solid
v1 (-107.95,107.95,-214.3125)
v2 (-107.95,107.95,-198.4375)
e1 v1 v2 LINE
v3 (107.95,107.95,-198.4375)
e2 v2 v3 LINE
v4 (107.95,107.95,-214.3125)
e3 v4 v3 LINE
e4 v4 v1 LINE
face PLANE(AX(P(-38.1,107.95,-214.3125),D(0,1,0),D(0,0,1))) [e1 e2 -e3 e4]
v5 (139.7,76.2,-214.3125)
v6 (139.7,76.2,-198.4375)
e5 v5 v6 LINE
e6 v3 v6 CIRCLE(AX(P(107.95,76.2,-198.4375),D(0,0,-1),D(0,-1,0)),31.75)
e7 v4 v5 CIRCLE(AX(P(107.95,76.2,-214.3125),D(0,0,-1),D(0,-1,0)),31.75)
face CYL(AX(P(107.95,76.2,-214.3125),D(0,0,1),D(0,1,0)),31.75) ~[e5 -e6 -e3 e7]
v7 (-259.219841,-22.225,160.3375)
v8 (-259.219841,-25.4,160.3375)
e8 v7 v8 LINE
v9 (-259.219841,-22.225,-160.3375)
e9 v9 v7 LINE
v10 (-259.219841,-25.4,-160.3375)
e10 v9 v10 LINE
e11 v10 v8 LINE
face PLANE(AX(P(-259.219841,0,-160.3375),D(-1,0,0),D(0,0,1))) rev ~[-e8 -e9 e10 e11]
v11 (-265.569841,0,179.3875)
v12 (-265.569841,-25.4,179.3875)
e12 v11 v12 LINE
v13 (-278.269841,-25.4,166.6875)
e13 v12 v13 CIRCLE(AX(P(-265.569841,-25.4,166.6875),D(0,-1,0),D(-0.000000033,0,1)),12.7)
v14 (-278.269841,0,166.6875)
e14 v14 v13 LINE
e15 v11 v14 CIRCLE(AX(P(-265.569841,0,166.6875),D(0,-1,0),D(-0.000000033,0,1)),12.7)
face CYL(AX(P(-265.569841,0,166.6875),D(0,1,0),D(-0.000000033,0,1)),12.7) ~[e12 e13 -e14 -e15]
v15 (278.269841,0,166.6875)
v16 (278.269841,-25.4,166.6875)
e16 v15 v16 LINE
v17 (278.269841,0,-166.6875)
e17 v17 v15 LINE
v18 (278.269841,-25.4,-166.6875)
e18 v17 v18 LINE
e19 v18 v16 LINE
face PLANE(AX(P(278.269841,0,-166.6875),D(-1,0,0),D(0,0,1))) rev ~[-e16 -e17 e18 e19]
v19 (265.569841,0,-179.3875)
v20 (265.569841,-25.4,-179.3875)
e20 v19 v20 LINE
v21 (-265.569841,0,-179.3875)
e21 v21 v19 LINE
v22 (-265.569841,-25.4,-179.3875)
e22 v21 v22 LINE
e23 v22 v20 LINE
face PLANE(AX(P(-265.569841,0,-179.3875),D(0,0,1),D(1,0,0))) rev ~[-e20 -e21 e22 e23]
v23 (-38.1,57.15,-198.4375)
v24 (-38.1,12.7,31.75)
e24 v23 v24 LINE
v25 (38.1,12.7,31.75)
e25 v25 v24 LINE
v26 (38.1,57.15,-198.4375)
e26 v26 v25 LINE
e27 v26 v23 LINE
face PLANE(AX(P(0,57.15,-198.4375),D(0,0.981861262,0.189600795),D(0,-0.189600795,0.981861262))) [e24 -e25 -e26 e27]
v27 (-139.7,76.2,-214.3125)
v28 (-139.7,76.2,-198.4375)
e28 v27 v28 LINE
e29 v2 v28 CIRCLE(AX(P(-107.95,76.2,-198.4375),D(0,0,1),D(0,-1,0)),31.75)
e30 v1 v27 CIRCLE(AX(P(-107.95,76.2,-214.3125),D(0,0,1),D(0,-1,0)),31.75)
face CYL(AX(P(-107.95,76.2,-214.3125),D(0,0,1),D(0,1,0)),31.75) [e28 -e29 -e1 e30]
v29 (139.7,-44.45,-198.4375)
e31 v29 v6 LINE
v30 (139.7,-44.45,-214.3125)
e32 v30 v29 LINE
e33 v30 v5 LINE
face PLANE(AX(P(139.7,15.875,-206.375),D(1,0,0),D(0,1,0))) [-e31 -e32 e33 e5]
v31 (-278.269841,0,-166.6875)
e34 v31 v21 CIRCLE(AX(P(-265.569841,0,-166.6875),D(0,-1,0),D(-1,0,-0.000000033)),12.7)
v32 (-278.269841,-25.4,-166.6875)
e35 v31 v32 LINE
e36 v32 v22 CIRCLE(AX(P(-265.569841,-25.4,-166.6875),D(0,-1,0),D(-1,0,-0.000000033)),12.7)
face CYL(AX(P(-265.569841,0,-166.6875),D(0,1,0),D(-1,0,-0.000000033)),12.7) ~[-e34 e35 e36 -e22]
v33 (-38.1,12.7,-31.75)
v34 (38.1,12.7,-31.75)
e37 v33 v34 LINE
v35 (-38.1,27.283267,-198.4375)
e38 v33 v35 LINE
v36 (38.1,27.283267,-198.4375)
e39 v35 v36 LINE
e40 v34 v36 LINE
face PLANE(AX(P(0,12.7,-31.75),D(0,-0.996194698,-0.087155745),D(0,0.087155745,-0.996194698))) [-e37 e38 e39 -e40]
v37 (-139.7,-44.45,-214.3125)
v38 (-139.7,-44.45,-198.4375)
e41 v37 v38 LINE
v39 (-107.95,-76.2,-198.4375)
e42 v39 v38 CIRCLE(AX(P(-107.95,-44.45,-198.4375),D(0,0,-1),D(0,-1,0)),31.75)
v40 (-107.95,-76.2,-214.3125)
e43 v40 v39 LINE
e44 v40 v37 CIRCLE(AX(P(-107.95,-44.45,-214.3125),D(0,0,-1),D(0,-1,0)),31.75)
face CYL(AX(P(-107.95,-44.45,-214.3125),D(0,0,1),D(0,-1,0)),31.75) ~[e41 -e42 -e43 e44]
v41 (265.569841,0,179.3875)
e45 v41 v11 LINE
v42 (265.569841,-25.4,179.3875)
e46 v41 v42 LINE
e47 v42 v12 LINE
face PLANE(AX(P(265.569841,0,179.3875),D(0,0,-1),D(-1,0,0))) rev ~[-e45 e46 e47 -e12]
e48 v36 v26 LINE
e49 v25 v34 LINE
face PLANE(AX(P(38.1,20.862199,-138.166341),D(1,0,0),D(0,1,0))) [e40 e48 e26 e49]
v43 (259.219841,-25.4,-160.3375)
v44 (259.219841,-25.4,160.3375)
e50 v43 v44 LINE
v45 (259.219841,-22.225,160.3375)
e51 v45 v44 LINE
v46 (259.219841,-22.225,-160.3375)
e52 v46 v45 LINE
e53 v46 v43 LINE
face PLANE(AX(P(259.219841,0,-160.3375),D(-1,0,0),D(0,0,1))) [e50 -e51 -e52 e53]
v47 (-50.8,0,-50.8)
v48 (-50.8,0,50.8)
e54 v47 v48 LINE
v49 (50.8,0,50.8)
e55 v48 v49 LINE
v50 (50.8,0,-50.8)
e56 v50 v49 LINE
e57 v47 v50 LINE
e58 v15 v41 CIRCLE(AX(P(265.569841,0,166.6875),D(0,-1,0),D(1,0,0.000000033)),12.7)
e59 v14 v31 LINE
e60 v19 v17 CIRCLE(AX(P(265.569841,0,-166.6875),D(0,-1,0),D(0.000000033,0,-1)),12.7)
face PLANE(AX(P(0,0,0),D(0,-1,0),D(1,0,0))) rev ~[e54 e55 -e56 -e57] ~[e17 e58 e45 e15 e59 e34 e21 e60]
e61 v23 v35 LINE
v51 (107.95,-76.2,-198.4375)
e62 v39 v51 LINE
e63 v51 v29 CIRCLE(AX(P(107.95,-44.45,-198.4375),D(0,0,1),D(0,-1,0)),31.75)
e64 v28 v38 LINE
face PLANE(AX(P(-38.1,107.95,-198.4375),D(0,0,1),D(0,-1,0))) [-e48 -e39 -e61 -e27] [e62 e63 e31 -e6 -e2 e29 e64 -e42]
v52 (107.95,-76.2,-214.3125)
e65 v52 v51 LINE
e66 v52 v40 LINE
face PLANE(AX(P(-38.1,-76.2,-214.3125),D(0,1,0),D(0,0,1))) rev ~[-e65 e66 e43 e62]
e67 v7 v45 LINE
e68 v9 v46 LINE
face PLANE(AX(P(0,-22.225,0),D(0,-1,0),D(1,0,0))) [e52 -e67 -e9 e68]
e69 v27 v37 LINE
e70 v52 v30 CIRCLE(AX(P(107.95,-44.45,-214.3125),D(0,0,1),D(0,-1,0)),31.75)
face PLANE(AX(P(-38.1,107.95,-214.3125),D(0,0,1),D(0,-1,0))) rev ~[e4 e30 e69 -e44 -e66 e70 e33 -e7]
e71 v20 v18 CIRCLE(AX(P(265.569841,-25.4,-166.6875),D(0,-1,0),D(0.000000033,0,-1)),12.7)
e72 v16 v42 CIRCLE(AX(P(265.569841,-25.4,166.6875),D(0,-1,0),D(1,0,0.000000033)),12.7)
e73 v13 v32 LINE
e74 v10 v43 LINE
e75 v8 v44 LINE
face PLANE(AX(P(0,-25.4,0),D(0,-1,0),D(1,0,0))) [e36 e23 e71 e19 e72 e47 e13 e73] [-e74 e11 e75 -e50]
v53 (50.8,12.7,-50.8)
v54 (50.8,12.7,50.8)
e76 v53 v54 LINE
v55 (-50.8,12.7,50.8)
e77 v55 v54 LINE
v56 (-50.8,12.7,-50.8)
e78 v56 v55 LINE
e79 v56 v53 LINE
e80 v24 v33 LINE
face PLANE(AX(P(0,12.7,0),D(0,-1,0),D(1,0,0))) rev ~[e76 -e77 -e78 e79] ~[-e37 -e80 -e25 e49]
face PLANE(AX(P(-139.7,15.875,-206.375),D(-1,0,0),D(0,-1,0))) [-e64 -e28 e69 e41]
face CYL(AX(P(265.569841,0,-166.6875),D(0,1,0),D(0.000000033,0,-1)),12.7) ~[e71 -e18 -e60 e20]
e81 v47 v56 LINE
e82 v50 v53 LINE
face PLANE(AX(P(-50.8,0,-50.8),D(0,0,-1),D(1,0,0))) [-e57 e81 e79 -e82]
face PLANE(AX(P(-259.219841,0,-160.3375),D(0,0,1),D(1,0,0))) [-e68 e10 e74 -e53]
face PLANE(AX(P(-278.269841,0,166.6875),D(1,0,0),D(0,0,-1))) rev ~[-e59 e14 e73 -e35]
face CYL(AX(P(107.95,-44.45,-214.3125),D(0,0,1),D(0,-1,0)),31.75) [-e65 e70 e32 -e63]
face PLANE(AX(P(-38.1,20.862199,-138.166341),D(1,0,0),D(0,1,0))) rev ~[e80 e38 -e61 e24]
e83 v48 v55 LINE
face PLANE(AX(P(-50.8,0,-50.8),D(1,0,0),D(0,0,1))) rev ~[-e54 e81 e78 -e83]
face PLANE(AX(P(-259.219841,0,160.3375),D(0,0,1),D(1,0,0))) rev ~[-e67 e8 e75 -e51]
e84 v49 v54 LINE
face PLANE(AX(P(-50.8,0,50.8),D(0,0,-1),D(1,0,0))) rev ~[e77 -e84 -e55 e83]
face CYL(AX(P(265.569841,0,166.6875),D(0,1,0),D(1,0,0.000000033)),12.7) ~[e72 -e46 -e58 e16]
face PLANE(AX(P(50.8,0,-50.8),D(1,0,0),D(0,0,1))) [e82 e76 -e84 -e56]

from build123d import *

# Parameters (mm, degrees)
F0_W      = 518.439682
F0_H      = 320.675
F1_DEPTH  = 25.4
F2_DEPTH  = 22.225
F3_W      = 101.6
F3_H      = 101.6
F4_DEPTH  = 12.7
F6_DEPTH  = 38.1
F7_W      = 184.15
F7_H      = 15.875
F8_DEPTH  = 101.6
F9_W      = 184.15
F9_H      = 15.875
F10_DEPTH = 101.6
F11_R     = 31.75


with BuildPart() as f1:
    # F0 (on Front) → F1 (new body)
    with BuildSketch(Plane.XZ):
        with BuildLine():
            Line((278.269841, -166.6875), (278.269841, 166.6875))
            ThreePointArc((278.269841, 166.6875), (274.550097, 175.667756), (265.569841, 179.3875))
            Line((265.569841, 179.3875), (-265.569841, 179.3875))
            ThreePointArc((-265.569841, 179.3875), (-274.550097, 175.667756), (-278.269841, 166.6875))
            Line((-278.269841, 166.6875), (-278.269841, -166.6875))
            ThreePointArc((-278.269841, -166.6875), (-274.550097, -175.667756), (-265.569841, -179.3875))
            Line((-265.569841, -179.3875), (265.569841, -179.3875))
            ThreePointArc((265.569841, -179.3875), (274.550097, -175.667756), (278.269841, -166.6875))
        make_face()
        Rectangle(F0_W, F0_H, mode=Mode.SUBTRACT)
    extrude(amount=F1_DEPTH)

    # F0 (on Front) → F2 (join)
    with BuildSketch(Plane.XZ):
        Rectangle(F0_W, F0_H)
    extrude(amount=F2_DEPTH)

    # F3 (on face) → F4 (join)
    with BuildSketch(Plane.XZ):
        Rectangle(F3_W, F3_H)
    extrude(amount=-F4_DEPTH)

    # F5 (on Right) → F6 (join, symmetric)
    with BuildSketch(Plane.YZ):
        Polygon((12.7, 31.75), (12.7, -31.75), (27.283267, -198.4375), (-76.2, -198.4375), (-76.2, -214.3125), (107.95, -214.3125), (107.95, -198.4375), (57.15, -198.4375), align=None)
    extrude(amount=F6_DEPTH, both=True)

    # F7 (on face) → F8 (join)
    with BuildSketch(Plane.YZ.offset(38.1)):
        with Locations((15.875, -206.375)):
            Rectangle(F7_W, F7_H)
    extrude(amount=F8_DEPTH)

    # F9 (on face) → F10 (join)
    with BuildSketch(Plane(origin=(-38.1, 0, 0), x_dir=(0, -1, 0), z_dir=(-1, 0, 0))):
        with Locations((-15.875, -206.375)):
            Rectangle(F9_W, F9_H)
    extrude(amount=F10_DEPTH)

    # F11
    f11_edges = [f1.edges().sort_by_distance(p)[0] for p in [
        (-139.7, 107.95, -206.375),
        (139.7, 107.95, -206.375),
        (139.7, -76.2, -206.375),
        (-139.7, -76.2, -206.375),
    ]]
    fillet(f11_edges, radius=F11_R)


solid = f1.part
